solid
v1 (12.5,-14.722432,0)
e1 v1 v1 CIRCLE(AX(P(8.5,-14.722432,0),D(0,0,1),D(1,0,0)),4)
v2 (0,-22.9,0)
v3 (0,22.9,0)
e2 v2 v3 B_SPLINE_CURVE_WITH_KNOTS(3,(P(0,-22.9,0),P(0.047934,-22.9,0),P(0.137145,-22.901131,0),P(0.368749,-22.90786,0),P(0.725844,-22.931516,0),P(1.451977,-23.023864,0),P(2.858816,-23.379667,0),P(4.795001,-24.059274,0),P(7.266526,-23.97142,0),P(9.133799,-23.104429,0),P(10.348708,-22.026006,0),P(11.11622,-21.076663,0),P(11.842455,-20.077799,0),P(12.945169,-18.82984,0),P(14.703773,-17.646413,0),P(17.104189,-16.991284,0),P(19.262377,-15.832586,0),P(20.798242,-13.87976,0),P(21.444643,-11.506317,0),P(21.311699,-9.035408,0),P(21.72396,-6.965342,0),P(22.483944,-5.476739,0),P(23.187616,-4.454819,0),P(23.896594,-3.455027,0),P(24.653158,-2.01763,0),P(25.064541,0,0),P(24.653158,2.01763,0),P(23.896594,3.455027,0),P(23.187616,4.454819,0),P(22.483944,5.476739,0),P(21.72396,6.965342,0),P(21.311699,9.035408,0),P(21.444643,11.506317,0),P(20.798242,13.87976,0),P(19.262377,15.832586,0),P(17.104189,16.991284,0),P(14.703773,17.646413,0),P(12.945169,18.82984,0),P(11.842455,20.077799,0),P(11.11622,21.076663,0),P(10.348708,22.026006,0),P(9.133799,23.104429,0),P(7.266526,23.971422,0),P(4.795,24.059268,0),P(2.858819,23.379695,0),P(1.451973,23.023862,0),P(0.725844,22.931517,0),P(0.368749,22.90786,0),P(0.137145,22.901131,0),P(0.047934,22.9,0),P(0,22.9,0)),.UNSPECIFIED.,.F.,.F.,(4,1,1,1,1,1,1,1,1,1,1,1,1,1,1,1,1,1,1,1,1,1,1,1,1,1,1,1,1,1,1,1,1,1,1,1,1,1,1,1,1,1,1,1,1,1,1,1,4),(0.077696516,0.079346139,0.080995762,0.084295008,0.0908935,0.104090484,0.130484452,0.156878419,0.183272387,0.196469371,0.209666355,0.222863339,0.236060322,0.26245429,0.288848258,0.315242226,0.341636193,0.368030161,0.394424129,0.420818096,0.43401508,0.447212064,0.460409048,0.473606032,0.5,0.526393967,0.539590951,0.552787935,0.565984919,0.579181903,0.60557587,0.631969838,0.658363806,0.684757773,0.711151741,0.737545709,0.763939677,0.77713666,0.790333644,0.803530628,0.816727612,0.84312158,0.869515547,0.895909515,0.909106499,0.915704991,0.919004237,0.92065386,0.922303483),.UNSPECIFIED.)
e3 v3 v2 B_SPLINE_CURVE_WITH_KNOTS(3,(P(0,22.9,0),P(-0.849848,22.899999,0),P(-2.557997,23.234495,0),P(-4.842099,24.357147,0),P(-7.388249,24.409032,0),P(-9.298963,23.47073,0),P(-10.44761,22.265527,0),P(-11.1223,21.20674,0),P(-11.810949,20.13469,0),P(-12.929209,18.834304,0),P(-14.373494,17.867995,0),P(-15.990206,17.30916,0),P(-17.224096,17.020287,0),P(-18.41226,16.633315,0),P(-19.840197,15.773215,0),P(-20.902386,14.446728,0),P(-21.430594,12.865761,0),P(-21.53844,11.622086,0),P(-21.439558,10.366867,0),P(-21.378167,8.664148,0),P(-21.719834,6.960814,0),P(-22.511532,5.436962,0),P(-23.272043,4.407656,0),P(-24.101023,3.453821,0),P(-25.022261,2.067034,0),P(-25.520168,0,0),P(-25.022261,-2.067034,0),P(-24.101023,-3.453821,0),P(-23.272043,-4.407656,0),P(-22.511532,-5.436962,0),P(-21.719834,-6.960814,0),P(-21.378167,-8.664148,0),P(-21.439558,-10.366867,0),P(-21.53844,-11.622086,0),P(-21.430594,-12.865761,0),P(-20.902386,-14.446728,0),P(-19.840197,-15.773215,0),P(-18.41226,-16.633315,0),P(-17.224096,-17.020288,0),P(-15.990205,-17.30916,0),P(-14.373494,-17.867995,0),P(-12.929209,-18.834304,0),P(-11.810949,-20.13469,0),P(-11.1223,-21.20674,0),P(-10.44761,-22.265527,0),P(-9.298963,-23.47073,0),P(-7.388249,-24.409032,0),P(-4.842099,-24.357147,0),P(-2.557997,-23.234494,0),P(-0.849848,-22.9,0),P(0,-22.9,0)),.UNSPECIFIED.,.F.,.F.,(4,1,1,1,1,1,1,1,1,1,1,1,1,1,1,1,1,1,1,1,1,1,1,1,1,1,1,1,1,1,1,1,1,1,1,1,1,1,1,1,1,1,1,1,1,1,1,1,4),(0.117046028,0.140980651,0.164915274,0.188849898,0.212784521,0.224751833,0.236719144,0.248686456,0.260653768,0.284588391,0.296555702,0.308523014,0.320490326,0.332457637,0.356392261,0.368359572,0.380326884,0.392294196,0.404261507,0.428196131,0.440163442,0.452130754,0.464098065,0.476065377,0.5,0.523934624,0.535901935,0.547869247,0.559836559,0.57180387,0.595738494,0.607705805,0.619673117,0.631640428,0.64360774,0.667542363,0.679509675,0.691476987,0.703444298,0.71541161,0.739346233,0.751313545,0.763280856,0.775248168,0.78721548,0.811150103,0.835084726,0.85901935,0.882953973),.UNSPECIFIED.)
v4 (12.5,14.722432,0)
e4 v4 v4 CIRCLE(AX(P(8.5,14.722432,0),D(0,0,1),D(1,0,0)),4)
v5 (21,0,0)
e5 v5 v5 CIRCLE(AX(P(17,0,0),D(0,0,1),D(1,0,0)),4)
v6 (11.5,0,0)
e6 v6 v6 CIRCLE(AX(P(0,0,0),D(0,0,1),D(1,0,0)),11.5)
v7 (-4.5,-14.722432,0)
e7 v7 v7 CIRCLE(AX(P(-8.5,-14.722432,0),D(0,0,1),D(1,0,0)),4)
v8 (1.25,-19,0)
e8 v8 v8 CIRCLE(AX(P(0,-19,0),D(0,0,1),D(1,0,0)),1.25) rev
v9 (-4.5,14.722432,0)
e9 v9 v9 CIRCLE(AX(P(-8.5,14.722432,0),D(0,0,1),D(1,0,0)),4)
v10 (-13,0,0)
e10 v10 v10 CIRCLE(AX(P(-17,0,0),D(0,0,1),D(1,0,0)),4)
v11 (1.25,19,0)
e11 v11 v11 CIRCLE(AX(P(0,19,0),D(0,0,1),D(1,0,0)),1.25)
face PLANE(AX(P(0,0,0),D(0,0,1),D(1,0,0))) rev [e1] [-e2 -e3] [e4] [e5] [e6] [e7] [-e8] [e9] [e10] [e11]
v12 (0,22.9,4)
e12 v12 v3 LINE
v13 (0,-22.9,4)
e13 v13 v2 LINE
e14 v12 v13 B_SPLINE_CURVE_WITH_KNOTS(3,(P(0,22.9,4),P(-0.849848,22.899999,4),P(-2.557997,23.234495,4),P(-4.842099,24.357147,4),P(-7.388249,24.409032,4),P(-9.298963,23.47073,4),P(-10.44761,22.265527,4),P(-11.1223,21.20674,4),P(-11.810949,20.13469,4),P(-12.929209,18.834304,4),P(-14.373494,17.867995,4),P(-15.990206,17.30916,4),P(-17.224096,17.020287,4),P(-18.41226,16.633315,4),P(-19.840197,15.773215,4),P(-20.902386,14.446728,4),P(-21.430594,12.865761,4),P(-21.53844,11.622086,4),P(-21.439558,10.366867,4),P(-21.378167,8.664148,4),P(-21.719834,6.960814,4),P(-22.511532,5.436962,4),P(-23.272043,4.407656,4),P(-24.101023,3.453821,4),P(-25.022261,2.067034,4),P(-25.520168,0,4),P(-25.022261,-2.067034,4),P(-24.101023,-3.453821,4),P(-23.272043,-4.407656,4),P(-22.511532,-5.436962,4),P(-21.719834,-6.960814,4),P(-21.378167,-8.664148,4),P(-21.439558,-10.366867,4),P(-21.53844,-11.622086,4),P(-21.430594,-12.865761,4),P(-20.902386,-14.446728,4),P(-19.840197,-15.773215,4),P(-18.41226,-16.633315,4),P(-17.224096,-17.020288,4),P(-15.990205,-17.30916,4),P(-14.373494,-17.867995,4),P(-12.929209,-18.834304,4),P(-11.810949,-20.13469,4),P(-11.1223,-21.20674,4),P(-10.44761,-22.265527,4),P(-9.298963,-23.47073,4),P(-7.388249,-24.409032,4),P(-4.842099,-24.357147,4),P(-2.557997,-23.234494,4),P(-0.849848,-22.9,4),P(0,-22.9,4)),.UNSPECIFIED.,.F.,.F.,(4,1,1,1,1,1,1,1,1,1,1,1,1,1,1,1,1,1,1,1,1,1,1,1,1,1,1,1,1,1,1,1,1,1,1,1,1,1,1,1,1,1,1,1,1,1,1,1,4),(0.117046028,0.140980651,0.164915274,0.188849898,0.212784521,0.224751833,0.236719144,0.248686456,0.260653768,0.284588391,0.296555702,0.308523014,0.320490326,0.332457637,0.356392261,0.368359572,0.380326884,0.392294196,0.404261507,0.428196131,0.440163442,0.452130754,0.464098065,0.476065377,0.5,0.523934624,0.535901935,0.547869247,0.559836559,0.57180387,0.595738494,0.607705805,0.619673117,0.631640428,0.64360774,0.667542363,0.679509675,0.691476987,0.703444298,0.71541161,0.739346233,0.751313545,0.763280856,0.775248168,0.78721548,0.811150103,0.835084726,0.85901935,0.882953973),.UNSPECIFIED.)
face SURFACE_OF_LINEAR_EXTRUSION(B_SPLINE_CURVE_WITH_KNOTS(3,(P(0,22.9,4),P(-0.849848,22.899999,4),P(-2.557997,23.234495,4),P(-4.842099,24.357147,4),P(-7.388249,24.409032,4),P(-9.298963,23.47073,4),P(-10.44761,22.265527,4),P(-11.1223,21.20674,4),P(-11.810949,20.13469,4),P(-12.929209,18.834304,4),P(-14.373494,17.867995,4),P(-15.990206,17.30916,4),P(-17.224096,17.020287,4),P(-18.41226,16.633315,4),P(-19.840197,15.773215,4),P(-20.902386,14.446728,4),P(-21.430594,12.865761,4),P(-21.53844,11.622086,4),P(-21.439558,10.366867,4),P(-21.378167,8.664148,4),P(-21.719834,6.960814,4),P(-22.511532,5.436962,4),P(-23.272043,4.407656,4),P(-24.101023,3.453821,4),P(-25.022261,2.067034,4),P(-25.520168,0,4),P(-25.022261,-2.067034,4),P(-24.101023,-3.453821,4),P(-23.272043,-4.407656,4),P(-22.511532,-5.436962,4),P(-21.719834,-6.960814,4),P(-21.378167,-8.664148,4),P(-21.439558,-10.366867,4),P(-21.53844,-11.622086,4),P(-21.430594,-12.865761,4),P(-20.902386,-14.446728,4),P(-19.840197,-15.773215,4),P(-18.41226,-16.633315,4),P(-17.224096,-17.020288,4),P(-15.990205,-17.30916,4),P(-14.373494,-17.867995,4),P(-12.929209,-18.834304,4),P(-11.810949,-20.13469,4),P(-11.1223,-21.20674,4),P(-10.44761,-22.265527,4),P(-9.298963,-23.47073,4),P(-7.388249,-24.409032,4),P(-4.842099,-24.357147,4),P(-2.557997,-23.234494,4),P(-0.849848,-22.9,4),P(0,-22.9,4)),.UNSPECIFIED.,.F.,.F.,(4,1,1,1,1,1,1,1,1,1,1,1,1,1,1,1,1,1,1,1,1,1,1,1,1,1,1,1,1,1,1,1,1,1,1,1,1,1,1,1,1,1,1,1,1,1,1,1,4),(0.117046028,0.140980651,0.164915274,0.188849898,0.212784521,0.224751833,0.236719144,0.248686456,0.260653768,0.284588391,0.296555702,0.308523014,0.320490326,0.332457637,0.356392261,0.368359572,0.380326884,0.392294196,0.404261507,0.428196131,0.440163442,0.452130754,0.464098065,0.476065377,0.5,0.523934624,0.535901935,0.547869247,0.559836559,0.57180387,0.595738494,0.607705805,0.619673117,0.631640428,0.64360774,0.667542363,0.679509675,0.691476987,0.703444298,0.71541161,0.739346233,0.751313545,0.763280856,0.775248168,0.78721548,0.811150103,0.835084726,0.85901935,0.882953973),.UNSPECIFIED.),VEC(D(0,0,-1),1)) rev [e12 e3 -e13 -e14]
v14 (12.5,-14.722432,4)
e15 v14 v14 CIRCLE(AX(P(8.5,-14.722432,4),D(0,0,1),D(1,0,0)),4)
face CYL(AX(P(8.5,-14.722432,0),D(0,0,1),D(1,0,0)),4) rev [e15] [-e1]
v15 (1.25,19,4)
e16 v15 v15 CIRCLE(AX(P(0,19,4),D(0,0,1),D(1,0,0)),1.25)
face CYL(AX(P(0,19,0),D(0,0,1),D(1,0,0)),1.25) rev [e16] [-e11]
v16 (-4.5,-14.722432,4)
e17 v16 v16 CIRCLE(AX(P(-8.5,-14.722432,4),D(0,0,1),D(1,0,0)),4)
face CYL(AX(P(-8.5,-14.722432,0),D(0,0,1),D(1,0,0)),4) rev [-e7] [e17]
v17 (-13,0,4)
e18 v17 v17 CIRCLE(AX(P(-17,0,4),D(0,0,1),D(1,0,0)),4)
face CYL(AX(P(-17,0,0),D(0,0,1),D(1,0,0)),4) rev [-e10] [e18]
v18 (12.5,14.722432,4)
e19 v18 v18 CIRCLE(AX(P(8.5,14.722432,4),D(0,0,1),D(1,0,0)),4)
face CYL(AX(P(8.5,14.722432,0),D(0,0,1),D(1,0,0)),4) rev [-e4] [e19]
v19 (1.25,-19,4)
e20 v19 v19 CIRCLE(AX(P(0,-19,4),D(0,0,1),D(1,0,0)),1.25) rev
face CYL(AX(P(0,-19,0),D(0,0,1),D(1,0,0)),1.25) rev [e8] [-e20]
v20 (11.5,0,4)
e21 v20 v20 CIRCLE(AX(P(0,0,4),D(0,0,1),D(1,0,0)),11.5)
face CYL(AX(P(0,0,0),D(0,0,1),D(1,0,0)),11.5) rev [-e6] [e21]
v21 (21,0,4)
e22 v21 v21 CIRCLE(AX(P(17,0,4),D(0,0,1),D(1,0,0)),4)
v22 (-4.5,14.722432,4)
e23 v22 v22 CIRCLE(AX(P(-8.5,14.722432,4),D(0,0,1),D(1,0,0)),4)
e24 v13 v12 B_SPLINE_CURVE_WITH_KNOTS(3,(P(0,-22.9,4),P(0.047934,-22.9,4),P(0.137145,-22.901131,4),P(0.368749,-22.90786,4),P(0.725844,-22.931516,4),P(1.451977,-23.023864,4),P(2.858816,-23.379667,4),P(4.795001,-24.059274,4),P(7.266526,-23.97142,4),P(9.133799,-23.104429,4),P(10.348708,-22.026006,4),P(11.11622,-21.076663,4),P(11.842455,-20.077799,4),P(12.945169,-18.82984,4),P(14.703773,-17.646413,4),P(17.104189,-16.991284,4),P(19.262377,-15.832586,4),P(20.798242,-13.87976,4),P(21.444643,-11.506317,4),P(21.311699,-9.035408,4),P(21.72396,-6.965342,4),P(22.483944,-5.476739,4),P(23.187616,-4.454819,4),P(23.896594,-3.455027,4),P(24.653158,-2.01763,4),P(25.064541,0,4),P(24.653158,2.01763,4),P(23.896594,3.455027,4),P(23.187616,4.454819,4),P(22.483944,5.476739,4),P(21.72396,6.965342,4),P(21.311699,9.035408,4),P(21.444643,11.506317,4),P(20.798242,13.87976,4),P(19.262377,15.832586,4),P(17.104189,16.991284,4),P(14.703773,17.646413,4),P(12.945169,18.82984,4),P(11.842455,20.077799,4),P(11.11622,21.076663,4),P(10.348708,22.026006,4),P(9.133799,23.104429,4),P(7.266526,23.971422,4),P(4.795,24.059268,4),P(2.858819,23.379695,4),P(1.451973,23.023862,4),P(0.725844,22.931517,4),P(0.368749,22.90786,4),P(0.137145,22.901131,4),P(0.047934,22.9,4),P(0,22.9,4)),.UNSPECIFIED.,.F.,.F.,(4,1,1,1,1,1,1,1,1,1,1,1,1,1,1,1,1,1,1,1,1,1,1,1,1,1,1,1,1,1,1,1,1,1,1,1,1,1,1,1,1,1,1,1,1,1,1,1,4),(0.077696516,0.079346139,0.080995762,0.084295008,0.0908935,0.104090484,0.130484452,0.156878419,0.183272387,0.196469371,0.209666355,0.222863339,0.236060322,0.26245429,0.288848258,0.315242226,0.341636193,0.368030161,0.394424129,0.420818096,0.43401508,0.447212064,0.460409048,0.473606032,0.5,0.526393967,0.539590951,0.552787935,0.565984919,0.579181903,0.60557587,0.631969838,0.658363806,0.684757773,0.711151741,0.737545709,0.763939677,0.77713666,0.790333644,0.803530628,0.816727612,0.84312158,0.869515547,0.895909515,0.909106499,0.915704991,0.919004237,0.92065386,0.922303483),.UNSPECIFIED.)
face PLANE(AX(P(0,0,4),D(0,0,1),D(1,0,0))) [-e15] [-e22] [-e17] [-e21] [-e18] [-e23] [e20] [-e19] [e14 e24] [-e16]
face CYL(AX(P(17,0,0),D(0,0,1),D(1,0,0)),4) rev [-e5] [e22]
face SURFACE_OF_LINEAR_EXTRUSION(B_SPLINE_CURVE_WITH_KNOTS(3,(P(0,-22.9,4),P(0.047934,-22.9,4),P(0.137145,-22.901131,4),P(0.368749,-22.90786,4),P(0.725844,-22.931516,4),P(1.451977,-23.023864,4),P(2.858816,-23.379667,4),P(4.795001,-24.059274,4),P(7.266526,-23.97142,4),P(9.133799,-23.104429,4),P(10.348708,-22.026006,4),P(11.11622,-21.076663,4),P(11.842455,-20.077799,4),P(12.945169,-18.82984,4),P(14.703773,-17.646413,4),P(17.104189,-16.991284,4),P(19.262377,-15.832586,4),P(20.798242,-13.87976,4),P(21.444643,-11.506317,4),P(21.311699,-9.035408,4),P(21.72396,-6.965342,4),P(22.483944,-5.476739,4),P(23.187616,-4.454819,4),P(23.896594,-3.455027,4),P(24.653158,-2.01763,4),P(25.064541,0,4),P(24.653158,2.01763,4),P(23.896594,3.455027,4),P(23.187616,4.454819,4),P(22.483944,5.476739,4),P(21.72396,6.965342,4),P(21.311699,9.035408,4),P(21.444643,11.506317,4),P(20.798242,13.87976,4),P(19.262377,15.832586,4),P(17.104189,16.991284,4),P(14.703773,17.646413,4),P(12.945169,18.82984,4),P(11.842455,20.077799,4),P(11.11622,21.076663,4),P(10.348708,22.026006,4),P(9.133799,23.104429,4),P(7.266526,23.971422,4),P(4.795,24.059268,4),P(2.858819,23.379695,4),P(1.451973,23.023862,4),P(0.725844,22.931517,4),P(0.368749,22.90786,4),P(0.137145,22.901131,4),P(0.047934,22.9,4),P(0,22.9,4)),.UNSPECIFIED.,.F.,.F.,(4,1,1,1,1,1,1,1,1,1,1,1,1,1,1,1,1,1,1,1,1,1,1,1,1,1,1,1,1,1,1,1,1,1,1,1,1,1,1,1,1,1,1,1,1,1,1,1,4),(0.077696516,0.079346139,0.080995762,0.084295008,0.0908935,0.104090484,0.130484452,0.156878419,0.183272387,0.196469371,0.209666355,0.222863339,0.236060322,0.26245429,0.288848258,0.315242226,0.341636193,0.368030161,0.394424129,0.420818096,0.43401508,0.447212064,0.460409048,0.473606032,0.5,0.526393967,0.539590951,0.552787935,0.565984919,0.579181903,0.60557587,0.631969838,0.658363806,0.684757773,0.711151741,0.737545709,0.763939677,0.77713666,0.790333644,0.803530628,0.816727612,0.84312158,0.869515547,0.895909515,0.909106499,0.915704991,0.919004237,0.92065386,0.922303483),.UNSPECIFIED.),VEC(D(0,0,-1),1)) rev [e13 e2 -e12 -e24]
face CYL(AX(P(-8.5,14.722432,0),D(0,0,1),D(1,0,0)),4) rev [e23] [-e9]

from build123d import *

# Parameters (mm, degrees)
BOSS_EXTRUDE1_DEPTH = 4
SKETCH2_R           = 4
SKETCH2_R_2         = 11.5
CUT_EXTRUDE1_DEPTH  = 36.347391688
SKETCH5_R           = 1.25
CUT_EXTRUDE3_DEPTH  = 36.347391688


with BuildPart() as part:
    # Sketch1 → Boss-Extrude1 (new body)
    with BuildSketch(Plane(origin=(0, 0, 0), x_dir=(0, 1, 0), z_dir=(0, 0, 1))):
        with BuildLine():
            add(Edge.make_bspline(
                [(22.9, -6.8e-08), (22.899999422, 0.849848246), (23.234494518, 2.557997031), (24.357147003, 4.842098973), (24.4090318, 7.388249433), (23.470730003, 9.298962577), (22.265526966, 10.447609913), (21.206740283, 11.12229966), (20.134689796, 11.81094856), (18.834304213, 12.929209311), (17.867994899, 14.373494068), (17.309160331, 15.990205569), (17.020287472, 17.224096279), (16.633315282, 18.412259986), (15.773214691, 19.840197418), (14.446728282, 20.902385971), (12.865760907, 21.430594119), (11.622085847, 21.538439649), (10.366866948, 21.439557863), (8.664148071, 21.378166553), (6.960814314, 21.719833588), (5.436962166, 22.511532381), (4.407655664, 23.272043326), (3.453820793, 24.101022612), (2.06703384, 25.022260676), (-5.1e-08, 25.520168125), (-2.067033934, 25.022260644), (-3.453820874, 24.101022561), (-4.407655746, 23.272043273), (-5.436962255, 22.511532337), (-6.960814413, 21.719833562), (-8.664148173, 21.378166548), (-10.366867049, 21.439557871), (-11.622085947, 21.538439652), (-12.865761005, 21.430594104), (-14.446728373, 20.902385931), (-15.773214765, 19.840197358), (-16.633315334, 18.412259914), (-17.02028751, 17.224096201), (-17.309160372, 15.99020549), (-17.867994956, 14.373493994), (-18.834304289, 12.929209249), (-20.134689883, 11.810948513), (-21.206740374, 11.122299619), (-22.26552705, 10.447609867), (-23.470730072, 9.298962511), (-24.409031829, 7.38824935), (-24.357147038, 4.842098903), (-23.234494348, 2.557996967), (-22.899999777, 0.849848258), (-22.9, -2.6e-08)],
                knots=[0.117046028, 0.117046028, 0.117046028, 0.117046028, 0.140980651, 0.164915274, 0.188849898, 0.212784521, 0.224751833, 0.236719144, 0.248686456, 0.260653768, 0.284588391, 0.296555702, 0.308523014, 0.320490326, 0.332457637, 0.356392261, 0.368359572, 0.380326884, 0.392294196, 0.404261507, 0.428196131, 0.440163442, 0.452130754, 0.464098065, 0.476065377, 0.5, 0.523934624, 0.535901935, 0.547869247, 0.559836559, 0.57180387, 0.595738494, 0.607705805, 0.619673117, 0.631640428, 0.64360774, 0.667542363, 0.679509675, 0.691476987, 0.703444298, 0.71541161, 0.739346233, 0.751313545, 0.763280856, 0.775248168, 0.78721548, 0.811150103, 0.835084726, 0.85901935, 0.882953973, 0.882953973, 0.882953973, 0.882953973], degree=3))
            add(Edge.make_bspline(
                [(-22.9, -2.6e-08), (-22.900000003, -0.047934359), (-22.90113085, -0.137145406), (-22.907860089, -0.368749393), (-22.93151593, -0.725843694), (-23.023864092, -1.451977083), (-23.379667136, -2.858816479), (-24.05927419, -4.795001299), (-23.971420071, -7.266526126), (-23.104429113, -9.133799466), (-22.026006285, -10.348707847), (-21.076662631, -11.116219922), (-20.077798917, -11.842454782), (-18.829839981, -12.945169366), (-17.646413307, -14.703773156), (-16.991283915, -17.104189401), (-15.832586005, -19.262377037), (-13.879759866, -20.798242058), (-11.50631709, -21.444643062), (-9.035407987, -21.311699136), (-6.96534162, -21.723960474), (-5.476738735, -22.483944232), (-4.454819454, -23.187615708), (-3.455026577, -23.896593992), (-2.017629533, -24.653158375), (1.8e-08, -25.064541368), (2.017629556, -24.653158317), (3.455026582, -23.896593899), (4.454819458, -23.187615608), (5.476738758, -22.483944155), (6.965341673, -21.723960451), (9.035408054, -21.311699207), (11.50631715, -21.444643141), (13.87975991, -20.798242058), (15.832586006, -19.262376985), (16.991283853, -17.104189312), (17.646413269, -14.703773083), (18.82984009, -12.945169306), (20.077798938, -11.842454834), (21.076662835, -11.116219888), (22.02600627, -10.348707936), (23.104429107, -9.133799375), (23.971421504, -7.266526351), (24.059268037, -4.794999873), (23.379695122, -2.858818549), (23.023861666, -1.451973273), (22.931516542, -0.725843931), (22.907859959, -0.36874924), (22.901130861, -0.137144866), (22.900000001, -0.047934226), (22.9, -6.8e-08)],
                knots=[0.077696516, 0.077696516, 0.077696516, 0.077696516, 0.079346139, 0.080995762, 0.084295008, 0.0908935, 0.104090484, 0.130484452, 0.156878419, 0.183272387, 0.196469371, 0.209666355, 0.222863339, 0.236060322, 0.26245429, 0.288848258, 0.315242226, 0.341636193, 0.368030161, 0.394424129, 0.420818096, 0.43401508, 0.447212064, 0.460409048, 0.473606032, 0.5, 0.526393967, 0.539590951, 0.552787935, 0.565984919, 0.579181903, 0.60557587, 0.631969838, 0.658363806, 0.684757773, 0.711151741, 0.737545709, 0.763939677, 0.77713666, 0.790333644, 0.803530628, 0.816727612, 0.84312158, 0.869515547, 0.895909515, 0.909106499, 0.915704991, 0.919004237, 0.92065386, 0.922303483, 0.922303483, 0.922303483, 0.922303483], degree=3))
        make_face()
    extrude(amount=BOSS_EXTRUDE1_DEPTH)

    # Sketch2 → Cut-Extrude1 (cut, through all)
    with BuildSketch(Plane.XY.offset(4)):
        with Locations((8.5, 14.722431864)):
            Circle(SKETCH2_R)
        Circle(SKETCH2_R_2)
        with Locations((-17, 0)):
            Circle(SKETCH2_R)
        with Locations((-8.5, -14.722431864)):
            Circle(SKETCH2_R)
        with Locations((8.5, -14.722431864)):
            Circle(SKETCH2_R)
        with Locations((17, 0)):
            Circle(SKETCH2_R)
        with Locations((-8.5, 14.722431864)):
            Circle(SKETCH2_R)
    extrude(amount=-CUT_EXTRUDE1_DEPTH, mode=Mode.SUBTRACT)

    # Sketch5 → Cut-Extrude3 (cut, through all)
    with BuildSketch(Plane.XY.offset(4)):
        with Locations((0, -19)):
            Circle(SKETCH5_R)
        with Locations((0, 19)):
            Circle(SKETCH5_R)
    extrude(amount=-CUT_EXTRUDE3_DEPTH, mode=Mode.SUBTRACT)


solid = part.part
